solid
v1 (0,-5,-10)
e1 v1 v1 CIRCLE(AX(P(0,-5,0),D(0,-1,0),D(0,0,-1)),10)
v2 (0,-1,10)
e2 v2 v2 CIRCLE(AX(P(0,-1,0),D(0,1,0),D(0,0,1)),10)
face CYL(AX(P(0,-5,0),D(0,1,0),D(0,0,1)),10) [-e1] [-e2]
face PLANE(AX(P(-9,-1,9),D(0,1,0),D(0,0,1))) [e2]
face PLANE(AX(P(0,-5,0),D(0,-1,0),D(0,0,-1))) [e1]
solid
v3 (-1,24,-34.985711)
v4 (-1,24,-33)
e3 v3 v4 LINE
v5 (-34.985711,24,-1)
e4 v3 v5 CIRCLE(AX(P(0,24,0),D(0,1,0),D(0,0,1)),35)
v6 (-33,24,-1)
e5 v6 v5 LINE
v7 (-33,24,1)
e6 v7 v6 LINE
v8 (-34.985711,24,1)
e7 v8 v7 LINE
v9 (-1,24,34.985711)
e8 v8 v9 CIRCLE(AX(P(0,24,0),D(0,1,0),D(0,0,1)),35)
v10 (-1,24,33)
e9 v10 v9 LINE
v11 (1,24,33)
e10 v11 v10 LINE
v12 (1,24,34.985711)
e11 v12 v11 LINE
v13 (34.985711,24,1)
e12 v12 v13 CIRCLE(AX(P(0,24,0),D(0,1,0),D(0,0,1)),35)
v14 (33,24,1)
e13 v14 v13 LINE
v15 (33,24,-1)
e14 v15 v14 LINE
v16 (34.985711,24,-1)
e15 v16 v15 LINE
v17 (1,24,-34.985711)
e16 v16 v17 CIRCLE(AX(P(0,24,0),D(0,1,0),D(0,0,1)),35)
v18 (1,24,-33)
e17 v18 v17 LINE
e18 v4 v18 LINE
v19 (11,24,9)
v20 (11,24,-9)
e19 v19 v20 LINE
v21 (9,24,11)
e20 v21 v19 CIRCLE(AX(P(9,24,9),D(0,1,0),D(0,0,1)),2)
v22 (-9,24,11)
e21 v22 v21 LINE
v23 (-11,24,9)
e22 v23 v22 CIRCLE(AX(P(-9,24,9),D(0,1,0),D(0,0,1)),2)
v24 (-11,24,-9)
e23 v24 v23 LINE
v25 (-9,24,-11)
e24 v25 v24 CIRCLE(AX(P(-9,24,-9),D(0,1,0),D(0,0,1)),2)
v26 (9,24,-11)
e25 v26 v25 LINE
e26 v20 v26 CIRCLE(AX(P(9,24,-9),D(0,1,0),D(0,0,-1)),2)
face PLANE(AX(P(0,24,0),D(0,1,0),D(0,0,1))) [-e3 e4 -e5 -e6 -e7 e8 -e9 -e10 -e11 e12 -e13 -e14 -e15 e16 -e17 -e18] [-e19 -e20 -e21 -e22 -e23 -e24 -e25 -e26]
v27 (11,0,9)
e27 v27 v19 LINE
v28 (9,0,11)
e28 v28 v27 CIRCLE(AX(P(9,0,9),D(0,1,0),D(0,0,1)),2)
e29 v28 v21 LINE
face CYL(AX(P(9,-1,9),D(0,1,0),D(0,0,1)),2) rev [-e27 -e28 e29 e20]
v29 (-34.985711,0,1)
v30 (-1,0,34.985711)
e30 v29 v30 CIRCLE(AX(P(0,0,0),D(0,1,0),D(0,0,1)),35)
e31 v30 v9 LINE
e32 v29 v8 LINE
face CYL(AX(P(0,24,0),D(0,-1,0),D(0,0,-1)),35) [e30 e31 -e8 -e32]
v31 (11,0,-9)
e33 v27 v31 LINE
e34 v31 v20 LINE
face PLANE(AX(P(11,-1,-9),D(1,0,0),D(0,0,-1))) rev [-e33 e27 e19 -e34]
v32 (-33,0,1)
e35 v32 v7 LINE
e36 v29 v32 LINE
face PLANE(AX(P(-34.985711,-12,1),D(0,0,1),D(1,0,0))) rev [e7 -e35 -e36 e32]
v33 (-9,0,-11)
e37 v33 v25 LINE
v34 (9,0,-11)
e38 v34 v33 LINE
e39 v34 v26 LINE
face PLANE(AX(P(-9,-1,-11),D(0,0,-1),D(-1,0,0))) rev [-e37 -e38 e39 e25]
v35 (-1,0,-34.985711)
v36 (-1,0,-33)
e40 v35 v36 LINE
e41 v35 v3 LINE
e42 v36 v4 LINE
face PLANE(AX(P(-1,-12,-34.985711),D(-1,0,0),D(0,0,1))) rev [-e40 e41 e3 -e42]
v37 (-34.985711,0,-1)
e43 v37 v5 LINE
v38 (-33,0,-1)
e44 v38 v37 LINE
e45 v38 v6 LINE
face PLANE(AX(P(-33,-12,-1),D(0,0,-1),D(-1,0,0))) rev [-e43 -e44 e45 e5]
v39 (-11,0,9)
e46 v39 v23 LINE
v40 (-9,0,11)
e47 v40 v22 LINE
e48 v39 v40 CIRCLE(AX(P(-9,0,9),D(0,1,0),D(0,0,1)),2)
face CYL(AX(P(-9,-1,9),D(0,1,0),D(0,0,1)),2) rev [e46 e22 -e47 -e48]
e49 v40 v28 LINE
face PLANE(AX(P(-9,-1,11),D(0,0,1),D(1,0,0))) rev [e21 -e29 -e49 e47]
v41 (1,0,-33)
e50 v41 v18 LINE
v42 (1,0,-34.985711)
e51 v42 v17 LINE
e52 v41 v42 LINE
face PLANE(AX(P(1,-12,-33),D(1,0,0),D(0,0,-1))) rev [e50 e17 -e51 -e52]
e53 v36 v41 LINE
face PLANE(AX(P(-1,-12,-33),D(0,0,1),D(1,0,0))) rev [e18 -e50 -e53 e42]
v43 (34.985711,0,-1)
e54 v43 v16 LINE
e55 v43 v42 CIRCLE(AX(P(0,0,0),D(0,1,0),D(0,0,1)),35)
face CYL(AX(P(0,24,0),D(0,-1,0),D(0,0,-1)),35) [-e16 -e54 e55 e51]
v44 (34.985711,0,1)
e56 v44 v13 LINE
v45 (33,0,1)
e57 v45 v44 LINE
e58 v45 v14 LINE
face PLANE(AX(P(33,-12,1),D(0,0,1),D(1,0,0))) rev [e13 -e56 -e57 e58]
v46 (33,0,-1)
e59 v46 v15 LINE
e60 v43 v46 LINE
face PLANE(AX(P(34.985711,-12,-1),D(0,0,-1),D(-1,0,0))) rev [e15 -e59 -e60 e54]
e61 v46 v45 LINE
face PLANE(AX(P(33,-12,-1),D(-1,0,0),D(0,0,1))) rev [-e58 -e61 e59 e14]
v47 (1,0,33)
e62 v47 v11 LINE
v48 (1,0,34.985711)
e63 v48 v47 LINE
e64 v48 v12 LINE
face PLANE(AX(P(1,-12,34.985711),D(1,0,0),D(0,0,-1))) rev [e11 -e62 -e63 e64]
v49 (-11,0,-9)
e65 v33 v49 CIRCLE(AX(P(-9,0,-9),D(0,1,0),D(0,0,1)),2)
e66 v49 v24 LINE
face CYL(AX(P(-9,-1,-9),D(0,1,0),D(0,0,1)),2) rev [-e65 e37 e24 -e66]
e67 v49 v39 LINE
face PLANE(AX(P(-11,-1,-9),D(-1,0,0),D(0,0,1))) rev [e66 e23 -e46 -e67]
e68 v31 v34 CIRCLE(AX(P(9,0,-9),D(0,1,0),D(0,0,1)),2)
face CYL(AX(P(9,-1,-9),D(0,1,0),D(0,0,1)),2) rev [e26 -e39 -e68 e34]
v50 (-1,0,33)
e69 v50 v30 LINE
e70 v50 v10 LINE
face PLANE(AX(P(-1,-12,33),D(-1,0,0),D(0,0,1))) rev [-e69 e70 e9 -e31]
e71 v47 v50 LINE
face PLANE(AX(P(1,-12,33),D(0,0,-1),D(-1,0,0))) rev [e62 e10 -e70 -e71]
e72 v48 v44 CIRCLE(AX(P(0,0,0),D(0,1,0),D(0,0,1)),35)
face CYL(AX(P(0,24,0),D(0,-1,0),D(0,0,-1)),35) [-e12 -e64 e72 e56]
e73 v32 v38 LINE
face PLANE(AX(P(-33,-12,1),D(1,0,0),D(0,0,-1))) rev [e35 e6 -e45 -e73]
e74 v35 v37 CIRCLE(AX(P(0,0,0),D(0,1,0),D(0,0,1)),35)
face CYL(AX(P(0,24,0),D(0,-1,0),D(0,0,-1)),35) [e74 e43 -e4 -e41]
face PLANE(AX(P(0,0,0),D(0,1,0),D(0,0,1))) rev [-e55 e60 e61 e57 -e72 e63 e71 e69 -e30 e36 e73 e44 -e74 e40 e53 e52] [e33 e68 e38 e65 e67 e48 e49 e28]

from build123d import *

# Parameters (mm, degrees)
SKETCH1_R           = 35
BOSS_EXTRUDE1_DEPTH = 24
SKETCH2_R           = 10
BOSS_EXTRUDE2_DEPTH = 5
CUT_EXTRUDE1_DEPTH  = 25
CUT_EXTRUDE2_DEPTH  = 36


with BuildPart() as part:
    # Sketch1 → Boss-Extrude1 (new body)
    with BuildSketch(Plane(origin=(0, 0, 0), x_dir=(1, 0, 0), z_dir=(0, 1, 0))):
        with Locations(Location((0, 0, 0), (0, 0, 270))):
            Circle(SKETCH1_R)
    extrude(amount=BOSS_EXTRUDE1_DEPTH)

    # Sketch2 → Boss-Extrude2 (add)
    with BuildSketch(Plane.XZ):
        with Locations(Location((0, 0, 0), (0, 0, 270))):
            Circle(SKETCH2_R)
    extrude(amount=BOSS_EXTRUDE2_DEPTH)

    # Sketch3 → Cut-Extrude1 (cut)
    with BuildSketch(Plane(origin=(0, 24, 0), x_dir=(1, 0, 0), z_dir=(0, 1, 0))):
        with BuildLine():
            Line((-9, 11), (9, 11))
            ThreePointArc((9, 11), (10.414213562, 10.414213562), (11, 9))
            Line((11, 9), (11, -9))
            ThreePointArc((11, -9), (10.414213562, -10.414213562), (9, -11))
            Line((9, -11), (-9, -11))
            ThreePointArc((-9, -11), (-10.414213562, -10.414213562), (-11, -9))
            Line((-11, -9), (-11, 9))
            ThreePointArc((-11, 9), (-10.414213562, 10.414213562), (-9, 11))
        make_face()
    extrude(amount=-CUT_EXTRUDE1_DEPTH, mode=Mode.SUBTRACT)


with BuildPart() as cut_extrude1_piece_1:
    # of the separate pieces the step leaves, piece 1, a body of its own (cut_extrude1_pieces)
    add(part.part.solids().sort_by_distance((0, 0, 35))[0])

    # Sketch4 → Cut-Extrude2 (cut)
    with BuildSketch(Plane(origin=(0, 24, 0), x_dir=(1, 0, 0), z_dir=(0, 1, 0))):
        with BuildLine():
            Line((-1, 34.985711369), (-1, 33))
            Line((-1, 33), (1, 33))
            Line((1, 33), (1, 34.985711369))
            ThreePointArc((1, 34.985711369), (0, 35), (-1, 34.985711369))
        make_face()
        with BuildLine():
            Line((34.985711369, 1), (33, 1))
            Line((33, 1), (33, -1))
            Line((33, -1), (34.985711369, -1))
            ThreePointArc((34.985711369, -1), (35, 0), (34.985711369, 1))
        make_face()
        with BuildLine():
            Line((1, -34.985711369), (1, -33))
            Line((1, -33), (-1, -33))
            Line((-1, -33), (-1, -34.985711369))
            ThreePointArc((-1, -34.985711369), (0, -35), (1, -34.985711369))
        make_face()
        with BuildLine():
            Line((-34.985711369, -1), (-33, -1))
            Line((-33, -1), (-33, 1))
            Line((-33, 1), (-34.985711369, 1))
            ThreePointArc((-34.985711369, 1), (-35, 0), (-34.985711369, -1))
        make_face()
    extrude(amount=-CUT_EXTRUDE2_DEPTH, mode=Mode.SUBTRACT)


with BuildPart() as cut_extrude1_piece_2:
    # of the separate pieces the step leaves, piece 2, a body of its own (cut_extrude1_pieces)
    add(part.part.solids().sort_by_distance((0, -1, -10))[0])


solid = Compound([cut_extrude1_piece_1.part, cut_extrude1_piece_2.part])
